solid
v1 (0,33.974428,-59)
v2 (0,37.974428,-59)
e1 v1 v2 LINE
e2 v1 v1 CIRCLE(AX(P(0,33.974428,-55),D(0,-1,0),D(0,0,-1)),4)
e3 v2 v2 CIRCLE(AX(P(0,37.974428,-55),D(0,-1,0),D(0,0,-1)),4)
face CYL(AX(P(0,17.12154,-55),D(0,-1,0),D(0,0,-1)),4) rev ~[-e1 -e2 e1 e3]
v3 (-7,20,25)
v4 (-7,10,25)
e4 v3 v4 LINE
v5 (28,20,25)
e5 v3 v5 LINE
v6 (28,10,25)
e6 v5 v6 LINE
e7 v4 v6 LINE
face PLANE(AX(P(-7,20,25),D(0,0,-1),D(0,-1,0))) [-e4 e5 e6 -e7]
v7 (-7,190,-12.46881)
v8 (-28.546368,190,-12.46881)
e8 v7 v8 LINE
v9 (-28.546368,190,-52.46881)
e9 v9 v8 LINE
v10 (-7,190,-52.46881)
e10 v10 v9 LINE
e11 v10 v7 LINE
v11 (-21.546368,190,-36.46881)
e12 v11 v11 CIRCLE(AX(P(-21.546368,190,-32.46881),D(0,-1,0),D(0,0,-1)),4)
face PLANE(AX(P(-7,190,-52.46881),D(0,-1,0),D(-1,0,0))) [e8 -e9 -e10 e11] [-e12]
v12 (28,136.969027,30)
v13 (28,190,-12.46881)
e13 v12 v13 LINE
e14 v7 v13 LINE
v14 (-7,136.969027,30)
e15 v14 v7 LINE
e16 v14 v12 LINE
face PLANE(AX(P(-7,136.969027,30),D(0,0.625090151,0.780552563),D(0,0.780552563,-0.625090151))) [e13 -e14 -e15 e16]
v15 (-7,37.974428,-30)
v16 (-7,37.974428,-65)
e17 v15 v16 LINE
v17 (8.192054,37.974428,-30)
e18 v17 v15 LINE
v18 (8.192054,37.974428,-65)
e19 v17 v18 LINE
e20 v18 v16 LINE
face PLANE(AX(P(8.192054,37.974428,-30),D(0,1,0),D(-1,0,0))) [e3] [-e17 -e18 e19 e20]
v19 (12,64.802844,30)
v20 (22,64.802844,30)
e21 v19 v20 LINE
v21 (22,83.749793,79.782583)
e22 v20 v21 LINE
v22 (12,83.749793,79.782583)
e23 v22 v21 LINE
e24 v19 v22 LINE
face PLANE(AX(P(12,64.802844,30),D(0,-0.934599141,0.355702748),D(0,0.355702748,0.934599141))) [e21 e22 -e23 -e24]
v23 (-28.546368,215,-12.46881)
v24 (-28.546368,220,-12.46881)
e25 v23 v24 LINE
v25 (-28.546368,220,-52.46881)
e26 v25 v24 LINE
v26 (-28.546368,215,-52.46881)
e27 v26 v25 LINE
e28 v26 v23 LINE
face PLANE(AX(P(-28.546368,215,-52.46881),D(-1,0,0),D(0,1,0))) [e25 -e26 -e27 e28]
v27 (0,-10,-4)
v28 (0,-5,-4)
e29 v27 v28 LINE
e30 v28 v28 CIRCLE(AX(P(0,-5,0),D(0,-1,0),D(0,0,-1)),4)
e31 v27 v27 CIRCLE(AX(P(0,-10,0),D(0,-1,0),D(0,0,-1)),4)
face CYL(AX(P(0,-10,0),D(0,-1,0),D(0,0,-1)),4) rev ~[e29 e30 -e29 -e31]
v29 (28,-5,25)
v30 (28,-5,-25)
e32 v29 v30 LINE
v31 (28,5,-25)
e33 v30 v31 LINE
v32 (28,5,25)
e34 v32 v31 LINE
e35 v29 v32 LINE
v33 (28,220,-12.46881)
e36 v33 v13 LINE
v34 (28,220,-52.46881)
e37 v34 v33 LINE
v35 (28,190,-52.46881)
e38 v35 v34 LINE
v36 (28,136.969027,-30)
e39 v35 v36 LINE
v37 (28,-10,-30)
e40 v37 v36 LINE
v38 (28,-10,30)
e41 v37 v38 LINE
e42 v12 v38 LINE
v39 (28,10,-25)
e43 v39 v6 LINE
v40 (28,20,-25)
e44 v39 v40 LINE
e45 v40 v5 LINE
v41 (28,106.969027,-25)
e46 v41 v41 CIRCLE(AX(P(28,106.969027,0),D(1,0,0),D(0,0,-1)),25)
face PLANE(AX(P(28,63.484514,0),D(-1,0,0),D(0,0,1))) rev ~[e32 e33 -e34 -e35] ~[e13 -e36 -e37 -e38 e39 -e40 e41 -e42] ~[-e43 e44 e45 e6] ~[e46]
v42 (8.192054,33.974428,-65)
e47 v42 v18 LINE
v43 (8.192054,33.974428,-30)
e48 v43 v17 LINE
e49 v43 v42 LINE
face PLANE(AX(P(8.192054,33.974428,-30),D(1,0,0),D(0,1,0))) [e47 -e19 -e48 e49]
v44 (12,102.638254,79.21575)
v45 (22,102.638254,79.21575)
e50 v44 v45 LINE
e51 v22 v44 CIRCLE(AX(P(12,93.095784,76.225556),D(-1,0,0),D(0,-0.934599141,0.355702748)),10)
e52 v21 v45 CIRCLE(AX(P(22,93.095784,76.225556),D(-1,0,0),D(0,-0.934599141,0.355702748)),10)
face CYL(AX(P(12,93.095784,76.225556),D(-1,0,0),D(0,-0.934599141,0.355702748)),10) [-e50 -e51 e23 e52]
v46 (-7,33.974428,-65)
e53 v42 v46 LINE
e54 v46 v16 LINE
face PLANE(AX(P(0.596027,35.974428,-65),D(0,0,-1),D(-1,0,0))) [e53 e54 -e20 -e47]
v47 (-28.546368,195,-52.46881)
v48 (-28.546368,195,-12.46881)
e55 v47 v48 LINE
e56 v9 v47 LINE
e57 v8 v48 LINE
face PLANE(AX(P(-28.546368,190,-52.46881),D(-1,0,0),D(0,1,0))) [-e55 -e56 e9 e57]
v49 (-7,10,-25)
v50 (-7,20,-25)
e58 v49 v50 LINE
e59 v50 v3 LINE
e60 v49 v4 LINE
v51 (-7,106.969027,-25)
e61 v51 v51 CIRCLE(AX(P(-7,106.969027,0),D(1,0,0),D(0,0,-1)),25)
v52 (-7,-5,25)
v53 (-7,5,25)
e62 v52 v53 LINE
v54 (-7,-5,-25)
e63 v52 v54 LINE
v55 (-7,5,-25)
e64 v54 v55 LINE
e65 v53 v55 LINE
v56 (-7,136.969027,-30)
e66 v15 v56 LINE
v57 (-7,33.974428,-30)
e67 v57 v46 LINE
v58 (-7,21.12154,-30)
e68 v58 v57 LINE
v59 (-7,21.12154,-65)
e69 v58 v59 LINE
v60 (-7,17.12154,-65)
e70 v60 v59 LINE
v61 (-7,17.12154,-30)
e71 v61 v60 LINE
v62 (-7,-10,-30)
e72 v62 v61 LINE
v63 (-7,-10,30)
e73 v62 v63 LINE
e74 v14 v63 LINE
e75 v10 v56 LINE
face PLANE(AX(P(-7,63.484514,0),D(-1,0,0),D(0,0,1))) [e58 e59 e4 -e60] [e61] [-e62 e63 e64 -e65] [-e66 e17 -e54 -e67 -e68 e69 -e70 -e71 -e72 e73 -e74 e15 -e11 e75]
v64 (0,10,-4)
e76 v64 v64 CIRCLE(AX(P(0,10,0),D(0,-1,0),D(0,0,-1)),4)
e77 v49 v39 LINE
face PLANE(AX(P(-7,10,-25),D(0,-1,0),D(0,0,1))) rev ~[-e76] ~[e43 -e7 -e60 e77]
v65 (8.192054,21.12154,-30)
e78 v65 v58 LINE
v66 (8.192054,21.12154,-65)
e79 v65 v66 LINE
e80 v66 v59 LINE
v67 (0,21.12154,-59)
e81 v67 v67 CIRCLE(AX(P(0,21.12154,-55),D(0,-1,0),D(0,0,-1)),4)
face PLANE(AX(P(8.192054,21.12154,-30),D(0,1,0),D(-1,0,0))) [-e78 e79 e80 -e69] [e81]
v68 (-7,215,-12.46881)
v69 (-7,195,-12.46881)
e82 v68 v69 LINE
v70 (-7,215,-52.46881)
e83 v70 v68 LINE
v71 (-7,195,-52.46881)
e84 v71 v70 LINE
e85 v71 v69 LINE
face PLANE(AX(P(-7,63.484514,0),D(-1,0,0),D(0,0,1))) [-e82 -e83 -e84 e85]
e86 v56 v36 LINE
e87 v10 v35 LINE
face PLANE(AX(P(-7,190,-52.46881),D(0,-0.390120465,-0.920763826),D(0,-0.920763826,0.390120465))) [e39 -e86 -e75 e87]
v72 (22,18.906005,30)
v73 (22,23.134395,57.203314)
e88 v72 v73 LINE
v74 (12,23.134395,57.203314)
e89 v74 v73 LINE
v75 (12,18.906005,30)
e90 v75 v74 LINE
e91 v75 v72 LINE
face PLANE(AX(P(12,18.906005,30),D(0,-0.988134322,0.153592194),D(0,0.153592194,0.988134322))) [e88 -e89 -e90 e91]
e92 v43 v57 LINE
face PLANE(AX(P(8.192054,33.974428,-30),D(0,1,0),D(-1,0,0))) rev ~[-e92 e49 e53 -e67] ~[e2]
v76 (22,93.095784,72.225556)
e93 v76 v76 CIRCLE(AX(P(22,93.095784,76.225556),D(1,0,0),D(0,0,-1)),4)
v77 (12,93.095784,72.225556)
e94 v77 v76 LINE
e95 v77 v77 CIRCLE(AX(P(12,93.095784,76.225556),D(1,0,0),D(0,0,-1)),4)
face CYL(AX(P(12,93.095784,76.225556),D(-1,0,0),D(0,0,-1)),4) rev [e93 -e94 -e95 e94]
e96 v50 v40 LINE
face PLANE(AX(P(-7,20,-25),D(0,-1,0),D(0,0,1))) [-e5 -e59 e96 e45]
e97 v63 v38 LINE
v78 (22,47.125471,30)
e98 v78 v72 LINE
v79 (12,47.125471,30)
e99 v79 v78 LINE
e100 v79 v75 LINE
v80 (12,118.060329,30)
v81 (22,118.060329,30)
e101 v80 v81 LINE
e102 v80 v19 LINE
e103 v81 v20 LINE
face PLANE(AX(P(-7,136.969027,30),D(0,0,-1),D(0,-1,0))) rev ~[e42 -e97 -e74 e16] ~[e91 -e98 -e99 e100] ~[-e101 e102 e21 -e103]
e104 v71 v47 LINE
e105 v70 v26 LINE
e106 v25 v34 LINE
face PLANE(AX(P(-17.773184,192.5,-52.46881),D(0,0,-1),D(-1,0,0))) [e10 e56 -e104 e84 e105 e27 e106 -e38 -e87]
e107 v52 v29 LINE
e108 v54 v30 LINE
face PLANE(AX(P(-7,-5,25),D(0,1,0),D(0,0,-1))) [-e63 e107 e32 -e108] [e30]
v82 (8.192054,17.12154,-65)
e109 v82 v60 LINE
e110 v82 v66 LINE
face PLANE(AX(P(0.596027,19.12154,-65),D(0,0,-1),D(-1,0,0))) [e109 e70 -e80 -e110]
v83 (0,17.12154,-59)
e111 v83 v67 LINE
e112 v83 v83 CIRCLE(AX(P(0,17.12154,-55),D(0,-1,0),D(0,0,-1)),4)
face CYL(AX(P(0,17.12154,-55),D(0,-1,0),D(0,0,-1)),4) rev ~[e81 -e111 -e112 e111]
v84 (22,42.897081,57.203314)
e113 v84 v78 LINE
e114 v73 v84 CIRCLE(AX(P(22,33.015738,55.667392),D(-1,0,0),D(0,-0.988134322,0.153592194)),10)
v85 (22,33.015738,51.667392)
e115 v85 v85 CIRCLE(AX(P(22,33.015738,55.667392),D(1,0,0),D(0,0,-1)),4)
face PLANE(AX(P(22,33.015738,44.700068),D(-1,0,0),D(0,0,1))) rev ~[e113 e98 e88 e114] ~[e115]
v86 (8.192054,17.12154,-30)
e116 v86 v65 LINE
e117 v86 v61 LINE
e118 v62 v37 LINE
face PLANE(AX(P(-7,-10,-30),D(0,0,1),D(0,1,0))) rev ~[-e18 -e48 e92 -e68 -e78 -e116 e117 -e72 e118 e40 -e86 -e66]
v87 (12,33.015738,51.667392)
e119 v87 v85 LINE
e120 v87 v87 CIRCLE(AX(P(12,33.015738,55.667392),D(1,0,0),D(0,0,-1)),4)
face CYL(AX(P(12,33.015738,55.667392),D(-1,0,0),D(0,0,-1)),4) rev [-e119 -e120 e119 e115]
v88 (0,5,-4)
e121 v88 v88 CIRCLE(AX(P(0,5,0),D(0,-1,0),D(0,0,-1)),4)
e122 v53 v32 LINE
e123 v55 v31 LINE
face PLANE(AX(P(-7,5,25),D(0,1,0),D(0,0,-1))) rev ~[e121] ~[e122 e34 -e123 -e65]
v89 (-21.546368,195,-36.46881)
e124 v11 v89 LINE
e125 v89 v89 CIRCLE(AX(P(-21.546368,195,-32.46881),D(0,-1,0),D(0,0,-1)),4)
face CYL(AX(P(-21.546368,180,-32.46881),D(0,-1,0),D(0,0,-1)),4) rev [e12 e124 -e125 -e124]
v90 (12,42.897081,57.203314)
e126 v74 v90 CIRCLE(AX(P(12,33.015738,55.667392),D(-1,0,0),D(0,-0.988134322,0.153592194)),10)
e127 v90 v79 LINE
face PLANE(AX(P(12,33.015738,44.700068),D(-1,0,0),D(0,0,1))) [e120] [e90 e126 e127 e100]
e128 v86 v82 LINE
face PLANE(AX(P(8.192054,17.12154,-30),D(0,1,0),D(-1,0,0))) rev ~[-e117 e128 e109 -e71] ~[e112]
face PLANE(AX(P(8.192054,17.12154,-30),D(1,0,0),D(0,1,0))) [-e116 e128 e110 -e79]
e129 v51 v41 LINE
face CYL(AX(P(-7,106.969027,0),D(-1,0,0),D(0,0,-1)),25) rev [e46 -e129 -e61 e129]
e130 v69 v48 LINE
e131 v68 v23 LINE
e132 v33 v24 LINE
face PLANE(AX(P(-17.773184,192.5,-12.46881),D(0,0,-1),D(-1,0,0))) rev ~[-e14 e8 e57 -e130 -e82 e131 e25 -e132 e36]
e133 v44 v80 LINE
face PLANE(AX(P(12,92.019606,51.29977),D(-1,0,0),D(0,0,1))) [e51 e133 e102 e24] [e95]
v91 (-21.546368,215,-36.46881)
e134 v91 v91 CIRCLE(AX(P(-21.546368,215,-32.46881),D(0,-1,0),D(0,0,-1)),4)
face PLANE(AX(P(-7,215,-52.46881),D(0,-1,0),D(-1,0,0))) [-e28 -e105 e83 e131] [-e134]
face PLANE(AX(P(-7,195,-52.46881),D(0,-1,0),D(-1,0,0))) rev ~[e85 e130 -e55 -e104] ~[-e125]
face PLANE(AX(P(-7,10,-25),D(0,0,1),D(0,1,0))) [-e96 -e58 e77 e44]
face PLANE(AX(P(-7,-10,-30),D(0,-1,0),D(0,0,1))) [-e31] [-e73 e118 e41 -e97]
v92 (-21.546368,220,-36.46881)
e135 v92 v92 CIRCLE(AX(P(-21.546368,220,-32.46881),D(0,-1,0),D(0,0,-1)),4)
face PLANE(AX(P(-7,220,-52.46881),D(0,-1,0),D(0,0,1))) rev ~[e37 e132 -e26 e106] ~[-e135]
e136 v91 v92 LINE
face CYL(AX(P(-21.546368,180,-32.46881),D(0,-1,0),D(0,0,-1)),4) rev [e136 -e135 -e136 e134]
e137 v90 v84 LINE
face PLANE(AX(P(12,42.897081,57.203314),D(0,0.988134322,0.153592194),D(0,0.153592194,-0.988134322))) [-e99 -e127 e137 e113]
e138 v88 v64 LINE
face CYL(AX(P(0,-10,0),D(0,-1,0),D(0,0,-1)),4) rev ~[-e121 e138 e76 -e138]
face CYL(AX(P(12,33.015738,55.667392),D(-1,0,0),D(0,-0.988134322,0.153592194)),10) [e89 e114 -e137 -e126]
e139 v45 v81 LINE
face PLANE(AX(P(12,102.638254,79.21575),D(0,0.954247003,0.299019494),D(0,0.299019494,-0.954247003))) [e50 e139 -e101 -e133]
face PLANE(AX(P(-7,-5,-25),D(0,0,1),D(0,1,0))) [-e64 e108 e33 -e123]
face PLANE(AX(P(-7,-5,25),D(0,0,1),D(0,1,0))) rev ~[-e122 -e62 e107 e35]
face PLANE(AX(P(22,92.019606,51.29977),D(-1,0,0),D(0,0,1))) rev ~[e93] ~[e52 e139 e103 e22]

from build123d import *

# Parameters (mm, degrees)
BOSS_EXTRUDE1_DEPTH      = 28
BOSS_EXTRUDE1_DEPTH_BACK = 7
SKETCH1_R                = 25
SKETCH1_W                = 50
SKETCH1_H                = 10
SKETCH3_W                = 21.546368229
SKETCH3_H                = 5
BOSS_EXTRUDE2_DEPTH      = 40
CUT_EXTRUDE1_DEPTH       = 238.629693409
CUT_EXTRUDE1_DEPTH_BACK  = 40
SKETCH4_R                = 4
SKETCH5_R                = 4
CUT_EXTRUDE2_DEPTH       = 25
SKETCH6_W                = 15.192054263
SKETCH6_H                = 4
BOSS_EXTRUDE4_DEPTH      = 35
SKETCH7_R                = 4
CUT_EXTRUDE3_DEPTH       = 35
BOSS_EXTRUDE5_DEPTH      = 5
BOSS_EXTRUDE5_DEPTH_BACK = 5
SKETCH8_R                = 4


with BuildPart() as part:
    # Sketch1 → Boss-Extrude1 (new, two sides: drawn at the far end of the back side and taken through both)
    # profile 1 of 3: a face of its own
    with BuildSketch(Plane(origin=(0, 0, 0), x_dir=(0, 0, -1), z_dir=(1, 0, 0)).offset(-BOSS_EXTRUDE1_DEPTH_BACK)):
        Polygon((12.468810267, 220), (12.468810267, 190), (52.468810267, 190), (52.468810267, 205), (52.468810267, 220), align=None)
    # profile 2 of 3: a face of its own
    with BuildSketch(Plane(origin=(0, 0, 0), x_dir=(0, 0, -1), z_dir=(1, 0, 0)).offset(-BOSS_EXTRUDE1_DEPTH_BACK)):
        Polygon((12.468810267, 190), (52.468810267, 190), (30, 136.969027383), (-30, 136.969027383), align=None)
    # profile 3 of 3: a face of its own
    with BuildSketch(Plane(origin=(0, 0, 0), x_dir=(0, 0, -1), z_dir=(1, 0, 0)).offset(-BOSS_EXTRUDE1_DEPTH_BACK)):
        Polygon((-30, 136.969027383), (30, 136.969027383), (30, 106.969027383), (30, 10), (30, -10), (-30, -10), (-30, 10), (-30, 106.969027383), align=None)
        with Locations((0, 106.969027383)):
            Circle(SKETCH1_R, mode=Mode.SUBTRACT)
        Polygon((-25, 20), (-25, 10), (0, 10), (25, 10), (25, 20), align=None, mode=Mode.SUBTRACT)
        Rectangle(SKETCH1_W, SKETCH1_H, mode=Mode.SUBTRACT)
    extrude(amount=BOSS_EXTRUDE1_DEPTH + BOSS_EXTRUDE1_DEPTH_BACK)

    # Sketch3 → Boss-Extrude2 (add)
    with BuildSketch(Plane(origin=(0, 0, -52.468810267), x_dir=(-1, 0, 0), z_dir=(0, 0, -1))):
        with Locations((17.773184115, 192.5)):
            Rectangle(SKETCH3_W, SKETCH3_H)
        with Locations((17.773184115, 217.5)):
            Rectangle(SKETCH3_W, SKETCH3_H)
    extrude(amount=-BOSS_EXTRUDE2_DEPTH)

    # Sketch4 → Cut-Extrude1 (cut, two sides: drawn at the far end of the back side and taken through both)
    with BuildSketch(Plane(origin=(0, 220, 0), x_dir=(1, 0, 0), z_dir=(0, 1, 0)).offset(-CUT_EXTRUDE1_DEPTH_BACK)):
        with Locations(Location((-21.546368229, 32.468810267, 0), (0, 0, 90))):
            Circle(SKETCH4_R)
    extrude(amount=CUT_EXTRUDE1_DEPTH + CUT_EXTRUDE1_DEPTH_BACK, mode=Mode.SUBTRACT)

    # Sketch5 → Cut-Extrude2 (cut)
    with BuildSketch(Plane.XZ.offset(10)):
        with Locations(Location((0, 0, 0), (0, 0, 270))):
            Circle(SKETCH5_R)
    extrude(amount=-CUT_EXTRUDE2_DEPTH, mode=Mode.SUBTRACT)

    # Sketch6 → Boss-Extrude4 (add)
    with BuildSketch(Plane(origin=(0, 0, -30), x_dir=(-1, 0, 0), z_dir=(0, 0, -1))):
        with Locations((-0.596027132, 35.974427815)):
            Rectangle(SKETCH6_W, SKETCH6_H)
        with Locations((-0.596027132, 19.121539986)):
            Rectangle(SKETCH6_W, SKETCH6_H)
    extrude(amount=BOSS_EXTRUDE4_DEPTH)

    # Sketch7 → Cut-Extrude3 (cut)
    with BuildSketch(Plane.XZ.offset(-17.121539986)):
        with Locations(Location((0, -55, 0), (0, 0, 270))):
            Circle(SKETCH7_R)
    extrude(amount=-CUT_EXTRUDE3_DEPTH, mode=Mode.SUBTRACT)

    # Sketch8 → Boss-Extrude5 (add, two sides: drawn at the far end of the back side and taken through both)
    # profile 1 of 2: a face of its own
    with BuildSketch(Plane(origin=(17, 0, 0), x_dir=(0, 0, -1), z_dir=(1, 0, 0)).offset(-BOSS_EXTRUDE5_DEPTH_BACK)):
        with BuildLine():
            Line((-30, 118.060328993), (-30, 64.802844314))
            Line((-30, 64.802844314), (-79.782583008, 83.7497926))
            ThreePointArc((-79.782583008, 83.7497926), (-86.221055725, 93.395743584), (-79.215750464, 102.638254039))
            Line((-79.215750464, 102.638254039), (-30, 118.060328993))
        make_face()
        with Locations((-76.225555525, 93.095784012)):
            Circle(SKETCH8_R, mode=Mode.SUBTRACT)
    # profile 2 of 2: a face of its own
    with BuildSketch(Plane(origin=(17, 0, 0), x_dir=(0, 0, -1), z_dir=(1, 0, 0)).offset(-BOSS_EXTRUDE5_DEPTH_BACK)):
        with BuildLine():
            Line((-30, 47.125470645), (-30, 18.906005285))
            Line((-30, 18.906005285), (-57.203314441, 23.134394747))
            ThreePointArc((-57.203314441, 23.134394747), (-65.667392499, 33.015737965), (-57.203314441, 42.897081183))
            Line((-57.203314441, 42.897081183), (-30, 47.125470645))
        make_face()
        with Locations((-55.667392499, 33.015737965)):
            Circle(SKETCH8_R, mode=Mode.SUBTRACT)
    extrude(amount=BOSS_EXTRUDE5_DEPTH + BOSS_EXTRUDE5_DEPTH_BACK)


solid = part.part
